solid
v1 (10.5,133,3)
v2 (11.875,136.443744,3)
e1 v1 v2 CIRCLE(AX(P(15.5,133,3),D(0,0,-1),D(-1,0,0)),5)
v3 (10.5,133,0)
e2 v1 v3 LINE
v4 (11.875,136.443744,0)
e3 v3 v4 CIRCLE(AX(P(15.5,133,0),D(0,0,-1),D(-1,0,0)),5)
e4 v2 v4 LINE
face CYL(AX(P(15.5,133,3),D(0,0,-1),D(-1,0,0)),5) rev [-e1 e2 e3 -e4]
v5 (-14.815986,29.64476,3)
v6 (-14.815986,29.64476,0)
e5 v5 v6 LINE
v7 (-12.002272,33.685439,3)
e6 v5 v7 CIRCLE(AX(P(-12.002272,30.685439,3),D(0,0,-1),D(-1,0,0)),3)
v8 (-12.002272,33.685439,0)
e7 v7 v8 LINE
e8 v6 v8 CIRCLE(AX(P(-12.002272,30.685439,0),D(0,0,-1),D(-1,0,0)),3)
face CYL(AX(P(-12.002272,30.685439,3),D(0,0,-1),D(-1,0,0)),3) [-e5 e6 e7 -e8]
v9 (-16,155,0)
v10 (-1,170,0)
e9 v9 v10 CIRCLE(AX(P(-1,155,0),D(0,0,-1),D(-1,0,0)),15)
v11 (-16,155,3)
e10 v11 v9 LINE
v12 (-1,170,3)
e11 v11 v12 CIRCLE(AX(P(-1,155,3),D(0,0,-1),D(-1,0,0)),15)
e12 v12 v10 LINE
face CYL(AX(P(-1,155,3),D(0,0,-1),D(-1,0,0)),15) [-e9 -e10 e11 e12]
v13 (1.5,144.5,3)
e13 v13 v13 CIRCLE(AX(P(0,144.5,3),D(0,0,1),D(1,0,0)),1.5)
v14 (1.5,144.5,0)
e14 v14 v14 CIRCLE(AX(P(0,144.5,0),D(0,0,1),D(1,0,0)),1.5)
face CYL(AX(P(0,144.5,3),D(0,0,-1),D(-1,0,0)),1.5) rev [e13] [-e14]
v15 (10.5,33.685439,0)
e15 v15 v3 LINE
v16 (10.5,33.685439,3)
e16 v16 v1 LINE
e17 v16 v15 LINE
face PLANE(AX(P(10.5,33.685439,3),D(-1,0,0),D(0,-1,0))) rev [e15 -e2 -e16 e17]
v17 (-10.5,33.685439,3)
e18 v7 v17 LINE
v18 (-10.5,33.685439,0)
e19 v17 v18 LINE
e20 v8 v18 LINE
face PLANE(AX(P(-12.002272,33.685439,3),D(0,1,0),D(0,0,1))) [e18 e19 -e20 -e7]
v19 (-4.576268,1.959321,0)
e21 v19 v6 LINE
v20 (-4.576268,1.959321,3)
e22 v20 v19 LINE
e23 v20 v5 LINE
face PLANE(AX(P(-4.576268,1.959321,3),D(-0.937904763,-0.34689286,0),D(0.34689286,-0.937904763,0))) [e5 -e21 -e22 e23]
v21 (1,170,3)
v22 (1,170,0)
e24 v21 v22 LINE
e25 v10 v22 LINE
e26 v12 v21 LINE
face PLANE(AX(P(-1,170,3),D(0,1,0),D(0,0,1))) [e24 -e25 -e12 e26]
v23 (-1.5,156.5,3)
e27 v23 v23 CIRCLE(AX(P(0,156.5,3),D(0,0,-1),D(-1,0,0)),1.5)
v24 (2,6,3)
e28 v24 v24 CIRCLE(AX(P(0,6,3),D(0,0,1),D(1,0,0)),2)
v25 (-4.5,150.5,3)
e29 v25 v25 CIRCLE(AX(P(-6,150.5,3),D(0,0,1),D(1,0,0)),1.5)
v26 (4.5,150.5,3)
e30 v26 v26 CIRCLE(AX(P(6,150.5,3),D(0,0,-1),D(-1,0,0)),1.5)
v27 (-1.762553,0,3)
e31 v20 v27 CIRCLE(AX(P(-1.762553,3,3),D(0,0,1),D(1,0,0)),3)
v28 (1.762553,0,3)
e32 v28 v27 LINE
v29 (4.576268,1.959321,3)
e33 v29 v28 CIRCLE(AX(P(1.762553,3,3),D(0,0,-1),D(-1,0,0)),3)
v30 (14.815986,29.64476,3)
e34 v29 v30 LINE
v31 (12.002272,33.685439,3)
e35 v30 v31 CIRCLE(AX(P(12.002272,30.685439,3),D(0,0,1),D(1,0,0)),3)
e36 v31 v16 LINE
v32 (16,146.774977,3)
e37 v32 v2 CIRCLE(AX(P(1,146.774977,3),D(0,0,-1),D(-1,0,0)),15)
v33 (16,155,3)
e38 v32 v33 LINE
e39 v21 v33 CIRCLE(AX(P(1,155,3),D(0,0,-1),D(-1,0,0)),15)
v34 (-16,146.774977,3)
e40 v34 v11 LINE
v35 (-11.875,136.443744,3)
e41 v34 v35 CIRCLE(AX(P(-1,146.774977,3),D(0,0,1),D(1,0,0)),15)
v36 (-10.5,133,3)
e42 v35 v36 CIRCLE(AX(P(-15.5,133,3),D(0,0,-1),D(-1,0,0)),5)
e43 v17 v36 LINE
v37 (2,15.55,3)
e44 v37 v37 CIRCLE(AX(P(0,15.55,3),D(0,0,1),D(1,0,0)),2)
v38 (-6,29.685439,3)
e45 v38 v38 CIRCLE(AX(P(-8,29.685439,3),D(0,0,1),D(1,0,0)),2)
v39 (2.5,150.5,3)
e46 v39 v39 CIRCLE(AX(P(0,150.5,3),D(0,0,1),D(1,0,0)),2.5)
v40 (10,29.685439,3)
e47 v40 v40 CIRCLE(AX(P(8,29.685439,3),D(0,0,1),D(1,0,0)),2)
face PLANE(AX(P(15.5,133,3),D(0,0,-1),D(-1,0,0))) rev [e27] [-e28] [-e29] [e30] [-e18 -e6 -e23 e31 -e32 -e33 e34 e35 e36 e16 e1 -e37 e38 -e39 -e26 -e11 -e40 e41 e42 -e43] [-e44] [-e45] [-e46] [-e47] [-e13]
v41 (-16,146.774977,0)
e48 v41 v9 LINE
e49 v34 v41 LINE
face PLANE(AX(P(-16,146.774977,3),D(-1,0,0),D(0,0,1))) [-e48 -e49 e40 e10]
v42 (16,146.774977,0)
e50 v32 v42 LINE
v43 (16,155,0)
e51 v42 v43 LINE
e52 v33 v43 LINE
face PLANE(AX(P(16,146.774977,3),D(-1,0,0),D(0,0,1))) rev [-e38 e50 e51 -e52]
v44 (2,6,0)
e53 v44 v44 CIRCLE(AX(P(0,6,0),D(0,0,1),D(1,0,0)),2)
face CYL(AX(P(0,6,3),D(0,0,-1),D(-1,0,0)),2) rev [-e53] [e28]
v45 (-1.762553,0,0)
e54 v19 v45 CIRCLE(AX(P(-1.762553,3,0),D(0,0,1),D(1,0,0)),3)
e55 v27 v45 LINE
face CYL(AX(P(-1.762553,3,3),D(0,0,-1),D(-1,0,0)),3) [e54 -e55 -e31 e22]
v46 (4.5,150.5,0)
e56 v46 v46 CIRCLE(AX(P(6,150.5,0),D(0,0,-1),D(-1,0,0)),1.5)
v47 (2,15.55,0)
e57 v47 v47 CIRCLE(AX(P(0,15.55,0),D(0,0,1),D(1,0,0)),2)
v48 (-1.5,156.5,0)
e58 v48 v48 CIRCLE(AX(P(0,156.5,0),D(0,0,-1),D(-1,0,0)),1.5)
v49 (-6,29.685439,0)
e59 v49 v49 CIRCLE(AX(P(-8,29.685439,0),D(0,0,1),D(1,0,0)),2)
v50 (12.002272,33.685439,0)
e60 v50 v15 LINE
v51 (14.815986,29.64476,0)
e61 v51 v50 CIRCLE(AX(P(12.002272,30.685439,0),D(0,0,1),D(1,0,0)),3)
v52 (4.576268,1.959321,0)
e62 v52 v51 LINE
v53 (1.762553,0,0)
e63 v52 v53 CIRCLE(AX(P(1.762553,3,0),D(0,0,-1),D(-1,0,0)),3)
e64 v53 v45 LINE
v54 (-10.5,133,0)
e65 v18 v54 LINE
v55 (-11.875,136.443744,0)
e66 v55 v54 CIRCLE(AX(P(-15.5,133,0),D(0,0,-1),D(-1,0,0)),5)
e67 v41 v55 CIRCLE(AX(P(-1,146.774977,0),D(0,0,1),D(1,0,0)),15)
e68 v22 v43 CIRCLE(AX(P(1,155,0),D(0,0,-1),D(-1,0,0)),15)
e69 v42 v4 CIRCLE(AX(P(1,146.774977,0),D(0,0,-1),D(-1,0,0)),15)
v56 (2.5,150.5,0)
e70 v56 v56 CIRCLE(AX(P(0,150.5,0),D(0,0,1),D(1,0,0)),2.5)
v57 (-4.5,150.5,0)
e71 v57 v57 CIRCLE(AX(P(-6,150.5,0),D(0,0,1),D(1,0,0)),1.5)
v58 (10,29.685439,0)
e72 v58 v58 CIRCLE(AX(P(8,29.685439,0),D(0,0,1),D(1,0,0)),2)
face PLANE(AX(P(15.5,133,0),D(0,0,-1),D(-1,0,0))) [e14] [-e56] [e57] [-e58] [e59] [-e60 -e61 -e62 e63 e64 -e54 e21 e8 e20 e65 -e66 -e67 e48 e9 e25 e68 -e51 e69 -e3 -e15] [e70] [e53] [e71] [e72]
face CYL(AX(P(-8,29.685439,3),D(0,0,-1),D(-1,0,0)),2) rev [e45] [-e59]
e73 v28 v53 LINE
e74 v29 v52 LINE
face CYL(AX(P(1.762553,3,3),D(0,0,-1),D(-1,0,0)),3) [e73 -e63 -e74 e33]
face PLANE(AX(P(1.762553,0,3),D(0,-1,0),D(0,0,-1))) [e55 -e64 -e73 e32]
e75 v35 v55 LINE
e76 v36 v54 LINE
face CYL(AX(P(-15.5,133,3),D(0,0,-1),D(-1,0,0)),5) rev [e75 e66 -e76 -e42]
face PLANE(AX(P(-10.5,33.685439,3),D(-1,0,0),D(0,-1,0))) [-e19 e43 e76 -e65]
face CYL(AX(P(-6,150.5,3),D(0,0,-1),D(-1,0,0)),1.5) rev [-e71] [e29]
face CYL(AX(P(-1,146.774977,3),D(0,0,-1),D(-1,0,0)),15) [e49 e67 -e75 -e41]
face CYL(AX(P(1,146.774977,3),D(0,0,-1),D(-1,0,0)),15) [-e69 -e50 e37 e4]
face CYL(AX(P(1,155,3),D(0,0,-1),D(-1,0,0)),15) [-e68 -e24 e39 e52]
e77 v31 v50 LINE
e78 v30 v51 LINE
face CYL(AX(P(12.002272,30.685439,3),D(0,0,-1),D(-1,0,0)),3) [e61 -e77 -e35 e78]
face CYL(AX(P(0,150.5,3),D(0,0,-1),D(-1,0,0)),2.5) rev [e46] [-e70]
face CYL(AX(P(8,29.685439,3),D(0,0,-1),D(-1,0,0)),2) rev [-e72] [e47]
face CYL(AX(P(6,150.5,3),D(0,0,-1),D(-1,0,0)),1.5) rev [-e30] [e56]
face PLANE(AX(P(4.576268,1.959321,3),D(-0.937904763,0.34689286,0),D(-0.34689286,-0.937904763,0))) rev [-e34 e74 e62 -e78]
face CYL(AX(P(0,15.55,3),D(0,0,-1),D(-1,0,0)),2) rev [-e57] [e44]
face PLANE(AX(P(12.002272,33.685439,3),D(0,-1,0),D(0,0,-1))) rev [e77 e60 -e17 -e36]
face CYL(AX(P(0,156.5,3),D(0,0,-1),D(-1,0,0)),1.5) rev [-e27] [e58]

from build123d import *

# Parameters (mm, degrees)
CROQUIS1_R              = 2
CROQUIS1_R_2            = 2.5
CROQUIS1_R_3            = 1.5
SALIENTE_EXTRUIR1_DEPTH = 3


with BuildPart() as part:
    # Croquis1 → Saliente-Extruir1 (new body)
    with BuildSketch(Plane.XY):
        with BuildLine():
            Line((1.762553306, 0), (-1.762553306, 0))
            ThreePointArc((-1.762553306, 0), (-3.476899283, 0.538086543), (-4.576267594, 1.95932142))
            Line((-4.576267594, 1.95932142), (-14.815986324, 29.644759985))
            ThreePointArc((-14.815986324, 29.644759985), (-14.464185493, 32.399784542), (-12.002272036, 33.685438565))
            Line((-12.002272036, 33.685438565), (-10.5, 33.685438565))
            Line((-10.5, 33.685438565), (-10.5, 133))
            ThreePointArc((-10.5, 133), (-10.856456095, 134.854049622), (-11.875, 136.443744328))
            ThreePointArc((-11.875, 136.443744328), (-14.930631716, 141.212828449), (-16, 146.774977314))
            Line((-16, 146.774977314), (-16, 155))
            ThreePointArc((-16, 155), (-11.606601718, 165.606601718), (-1, 170))
            Line((-1, 170), (1, 170))
            ThreePointArc((1, 170), (11.606601718, 165.606601718), (16, 155))
            Line((16, 155), (16, 146.774977314))
            ThreePointArc((16, 146.774977314), (14.930631716, 141.212828449), (11.875, 136.443744328))
            ThreePointArc((11.875, 136.443744328), (10.856456095, 134.854049622), (10.5, 133))
            Line((10.5, 133), (10.5, 33.685438565))
            Line((10.5, 33.685438565), (12.002272036, 33.685438565))
            ThreePointArc((12.002272036, 33.685438565), (14.464185493, 32.399784542), (14.815986324, 29.644759985))
            Line((14.815986324, 29.644759985), (4.576267594, 1.95932142))
            ThreePointArc((4.576267594, 1.95932142), (3.476899283, 0.538086543), (1.762553306, 0))
        make_face()
        with Locations((0, 6)):
            Circle(CROQUIS1_R, mode=Mode.SUBTRACT)
        with Locations((0, 150.5)):
            Circle(CROQUIS1_R_2, mode=Mode.SUBTRACT)
        with Locations((0, 144.5)):
            Circle(CROQUIS1_R_3, mode=Mode.SUBTRACT)
        with Locations((-6, 150.5)):
            Circle(CROQUIS1_R_3, mode=Mode.SUBTRACT)
        with Locations(Location((0, 156.5, 0), (0, 0, 180))):
            Circle(CROQUIS1_R_3, mode=Mode.SUBTRACT)
        with Locations(Location((6, 150.5, 0), (0, 0, 180))):
            Circle(CROQUIS1_R_3, mode=Mode.SUBTRACT)
        with Locations((-8, 29.685438565)):
            Circle(CROQUIS1_R, mode=Mode.SUBTRACT)
        with Locations((8, 29.685438565)):
            Circle(CROQUIS1_R, mode=Mode.SUBTRACT)
        with Locations((0, 15.55)):
            Circle(CROQUIS1_R, mode=Mode.SUBTRACT)
    extrude(amount=SALIENTE_EXTRUIR1_DEPTH)


solid = part.part
